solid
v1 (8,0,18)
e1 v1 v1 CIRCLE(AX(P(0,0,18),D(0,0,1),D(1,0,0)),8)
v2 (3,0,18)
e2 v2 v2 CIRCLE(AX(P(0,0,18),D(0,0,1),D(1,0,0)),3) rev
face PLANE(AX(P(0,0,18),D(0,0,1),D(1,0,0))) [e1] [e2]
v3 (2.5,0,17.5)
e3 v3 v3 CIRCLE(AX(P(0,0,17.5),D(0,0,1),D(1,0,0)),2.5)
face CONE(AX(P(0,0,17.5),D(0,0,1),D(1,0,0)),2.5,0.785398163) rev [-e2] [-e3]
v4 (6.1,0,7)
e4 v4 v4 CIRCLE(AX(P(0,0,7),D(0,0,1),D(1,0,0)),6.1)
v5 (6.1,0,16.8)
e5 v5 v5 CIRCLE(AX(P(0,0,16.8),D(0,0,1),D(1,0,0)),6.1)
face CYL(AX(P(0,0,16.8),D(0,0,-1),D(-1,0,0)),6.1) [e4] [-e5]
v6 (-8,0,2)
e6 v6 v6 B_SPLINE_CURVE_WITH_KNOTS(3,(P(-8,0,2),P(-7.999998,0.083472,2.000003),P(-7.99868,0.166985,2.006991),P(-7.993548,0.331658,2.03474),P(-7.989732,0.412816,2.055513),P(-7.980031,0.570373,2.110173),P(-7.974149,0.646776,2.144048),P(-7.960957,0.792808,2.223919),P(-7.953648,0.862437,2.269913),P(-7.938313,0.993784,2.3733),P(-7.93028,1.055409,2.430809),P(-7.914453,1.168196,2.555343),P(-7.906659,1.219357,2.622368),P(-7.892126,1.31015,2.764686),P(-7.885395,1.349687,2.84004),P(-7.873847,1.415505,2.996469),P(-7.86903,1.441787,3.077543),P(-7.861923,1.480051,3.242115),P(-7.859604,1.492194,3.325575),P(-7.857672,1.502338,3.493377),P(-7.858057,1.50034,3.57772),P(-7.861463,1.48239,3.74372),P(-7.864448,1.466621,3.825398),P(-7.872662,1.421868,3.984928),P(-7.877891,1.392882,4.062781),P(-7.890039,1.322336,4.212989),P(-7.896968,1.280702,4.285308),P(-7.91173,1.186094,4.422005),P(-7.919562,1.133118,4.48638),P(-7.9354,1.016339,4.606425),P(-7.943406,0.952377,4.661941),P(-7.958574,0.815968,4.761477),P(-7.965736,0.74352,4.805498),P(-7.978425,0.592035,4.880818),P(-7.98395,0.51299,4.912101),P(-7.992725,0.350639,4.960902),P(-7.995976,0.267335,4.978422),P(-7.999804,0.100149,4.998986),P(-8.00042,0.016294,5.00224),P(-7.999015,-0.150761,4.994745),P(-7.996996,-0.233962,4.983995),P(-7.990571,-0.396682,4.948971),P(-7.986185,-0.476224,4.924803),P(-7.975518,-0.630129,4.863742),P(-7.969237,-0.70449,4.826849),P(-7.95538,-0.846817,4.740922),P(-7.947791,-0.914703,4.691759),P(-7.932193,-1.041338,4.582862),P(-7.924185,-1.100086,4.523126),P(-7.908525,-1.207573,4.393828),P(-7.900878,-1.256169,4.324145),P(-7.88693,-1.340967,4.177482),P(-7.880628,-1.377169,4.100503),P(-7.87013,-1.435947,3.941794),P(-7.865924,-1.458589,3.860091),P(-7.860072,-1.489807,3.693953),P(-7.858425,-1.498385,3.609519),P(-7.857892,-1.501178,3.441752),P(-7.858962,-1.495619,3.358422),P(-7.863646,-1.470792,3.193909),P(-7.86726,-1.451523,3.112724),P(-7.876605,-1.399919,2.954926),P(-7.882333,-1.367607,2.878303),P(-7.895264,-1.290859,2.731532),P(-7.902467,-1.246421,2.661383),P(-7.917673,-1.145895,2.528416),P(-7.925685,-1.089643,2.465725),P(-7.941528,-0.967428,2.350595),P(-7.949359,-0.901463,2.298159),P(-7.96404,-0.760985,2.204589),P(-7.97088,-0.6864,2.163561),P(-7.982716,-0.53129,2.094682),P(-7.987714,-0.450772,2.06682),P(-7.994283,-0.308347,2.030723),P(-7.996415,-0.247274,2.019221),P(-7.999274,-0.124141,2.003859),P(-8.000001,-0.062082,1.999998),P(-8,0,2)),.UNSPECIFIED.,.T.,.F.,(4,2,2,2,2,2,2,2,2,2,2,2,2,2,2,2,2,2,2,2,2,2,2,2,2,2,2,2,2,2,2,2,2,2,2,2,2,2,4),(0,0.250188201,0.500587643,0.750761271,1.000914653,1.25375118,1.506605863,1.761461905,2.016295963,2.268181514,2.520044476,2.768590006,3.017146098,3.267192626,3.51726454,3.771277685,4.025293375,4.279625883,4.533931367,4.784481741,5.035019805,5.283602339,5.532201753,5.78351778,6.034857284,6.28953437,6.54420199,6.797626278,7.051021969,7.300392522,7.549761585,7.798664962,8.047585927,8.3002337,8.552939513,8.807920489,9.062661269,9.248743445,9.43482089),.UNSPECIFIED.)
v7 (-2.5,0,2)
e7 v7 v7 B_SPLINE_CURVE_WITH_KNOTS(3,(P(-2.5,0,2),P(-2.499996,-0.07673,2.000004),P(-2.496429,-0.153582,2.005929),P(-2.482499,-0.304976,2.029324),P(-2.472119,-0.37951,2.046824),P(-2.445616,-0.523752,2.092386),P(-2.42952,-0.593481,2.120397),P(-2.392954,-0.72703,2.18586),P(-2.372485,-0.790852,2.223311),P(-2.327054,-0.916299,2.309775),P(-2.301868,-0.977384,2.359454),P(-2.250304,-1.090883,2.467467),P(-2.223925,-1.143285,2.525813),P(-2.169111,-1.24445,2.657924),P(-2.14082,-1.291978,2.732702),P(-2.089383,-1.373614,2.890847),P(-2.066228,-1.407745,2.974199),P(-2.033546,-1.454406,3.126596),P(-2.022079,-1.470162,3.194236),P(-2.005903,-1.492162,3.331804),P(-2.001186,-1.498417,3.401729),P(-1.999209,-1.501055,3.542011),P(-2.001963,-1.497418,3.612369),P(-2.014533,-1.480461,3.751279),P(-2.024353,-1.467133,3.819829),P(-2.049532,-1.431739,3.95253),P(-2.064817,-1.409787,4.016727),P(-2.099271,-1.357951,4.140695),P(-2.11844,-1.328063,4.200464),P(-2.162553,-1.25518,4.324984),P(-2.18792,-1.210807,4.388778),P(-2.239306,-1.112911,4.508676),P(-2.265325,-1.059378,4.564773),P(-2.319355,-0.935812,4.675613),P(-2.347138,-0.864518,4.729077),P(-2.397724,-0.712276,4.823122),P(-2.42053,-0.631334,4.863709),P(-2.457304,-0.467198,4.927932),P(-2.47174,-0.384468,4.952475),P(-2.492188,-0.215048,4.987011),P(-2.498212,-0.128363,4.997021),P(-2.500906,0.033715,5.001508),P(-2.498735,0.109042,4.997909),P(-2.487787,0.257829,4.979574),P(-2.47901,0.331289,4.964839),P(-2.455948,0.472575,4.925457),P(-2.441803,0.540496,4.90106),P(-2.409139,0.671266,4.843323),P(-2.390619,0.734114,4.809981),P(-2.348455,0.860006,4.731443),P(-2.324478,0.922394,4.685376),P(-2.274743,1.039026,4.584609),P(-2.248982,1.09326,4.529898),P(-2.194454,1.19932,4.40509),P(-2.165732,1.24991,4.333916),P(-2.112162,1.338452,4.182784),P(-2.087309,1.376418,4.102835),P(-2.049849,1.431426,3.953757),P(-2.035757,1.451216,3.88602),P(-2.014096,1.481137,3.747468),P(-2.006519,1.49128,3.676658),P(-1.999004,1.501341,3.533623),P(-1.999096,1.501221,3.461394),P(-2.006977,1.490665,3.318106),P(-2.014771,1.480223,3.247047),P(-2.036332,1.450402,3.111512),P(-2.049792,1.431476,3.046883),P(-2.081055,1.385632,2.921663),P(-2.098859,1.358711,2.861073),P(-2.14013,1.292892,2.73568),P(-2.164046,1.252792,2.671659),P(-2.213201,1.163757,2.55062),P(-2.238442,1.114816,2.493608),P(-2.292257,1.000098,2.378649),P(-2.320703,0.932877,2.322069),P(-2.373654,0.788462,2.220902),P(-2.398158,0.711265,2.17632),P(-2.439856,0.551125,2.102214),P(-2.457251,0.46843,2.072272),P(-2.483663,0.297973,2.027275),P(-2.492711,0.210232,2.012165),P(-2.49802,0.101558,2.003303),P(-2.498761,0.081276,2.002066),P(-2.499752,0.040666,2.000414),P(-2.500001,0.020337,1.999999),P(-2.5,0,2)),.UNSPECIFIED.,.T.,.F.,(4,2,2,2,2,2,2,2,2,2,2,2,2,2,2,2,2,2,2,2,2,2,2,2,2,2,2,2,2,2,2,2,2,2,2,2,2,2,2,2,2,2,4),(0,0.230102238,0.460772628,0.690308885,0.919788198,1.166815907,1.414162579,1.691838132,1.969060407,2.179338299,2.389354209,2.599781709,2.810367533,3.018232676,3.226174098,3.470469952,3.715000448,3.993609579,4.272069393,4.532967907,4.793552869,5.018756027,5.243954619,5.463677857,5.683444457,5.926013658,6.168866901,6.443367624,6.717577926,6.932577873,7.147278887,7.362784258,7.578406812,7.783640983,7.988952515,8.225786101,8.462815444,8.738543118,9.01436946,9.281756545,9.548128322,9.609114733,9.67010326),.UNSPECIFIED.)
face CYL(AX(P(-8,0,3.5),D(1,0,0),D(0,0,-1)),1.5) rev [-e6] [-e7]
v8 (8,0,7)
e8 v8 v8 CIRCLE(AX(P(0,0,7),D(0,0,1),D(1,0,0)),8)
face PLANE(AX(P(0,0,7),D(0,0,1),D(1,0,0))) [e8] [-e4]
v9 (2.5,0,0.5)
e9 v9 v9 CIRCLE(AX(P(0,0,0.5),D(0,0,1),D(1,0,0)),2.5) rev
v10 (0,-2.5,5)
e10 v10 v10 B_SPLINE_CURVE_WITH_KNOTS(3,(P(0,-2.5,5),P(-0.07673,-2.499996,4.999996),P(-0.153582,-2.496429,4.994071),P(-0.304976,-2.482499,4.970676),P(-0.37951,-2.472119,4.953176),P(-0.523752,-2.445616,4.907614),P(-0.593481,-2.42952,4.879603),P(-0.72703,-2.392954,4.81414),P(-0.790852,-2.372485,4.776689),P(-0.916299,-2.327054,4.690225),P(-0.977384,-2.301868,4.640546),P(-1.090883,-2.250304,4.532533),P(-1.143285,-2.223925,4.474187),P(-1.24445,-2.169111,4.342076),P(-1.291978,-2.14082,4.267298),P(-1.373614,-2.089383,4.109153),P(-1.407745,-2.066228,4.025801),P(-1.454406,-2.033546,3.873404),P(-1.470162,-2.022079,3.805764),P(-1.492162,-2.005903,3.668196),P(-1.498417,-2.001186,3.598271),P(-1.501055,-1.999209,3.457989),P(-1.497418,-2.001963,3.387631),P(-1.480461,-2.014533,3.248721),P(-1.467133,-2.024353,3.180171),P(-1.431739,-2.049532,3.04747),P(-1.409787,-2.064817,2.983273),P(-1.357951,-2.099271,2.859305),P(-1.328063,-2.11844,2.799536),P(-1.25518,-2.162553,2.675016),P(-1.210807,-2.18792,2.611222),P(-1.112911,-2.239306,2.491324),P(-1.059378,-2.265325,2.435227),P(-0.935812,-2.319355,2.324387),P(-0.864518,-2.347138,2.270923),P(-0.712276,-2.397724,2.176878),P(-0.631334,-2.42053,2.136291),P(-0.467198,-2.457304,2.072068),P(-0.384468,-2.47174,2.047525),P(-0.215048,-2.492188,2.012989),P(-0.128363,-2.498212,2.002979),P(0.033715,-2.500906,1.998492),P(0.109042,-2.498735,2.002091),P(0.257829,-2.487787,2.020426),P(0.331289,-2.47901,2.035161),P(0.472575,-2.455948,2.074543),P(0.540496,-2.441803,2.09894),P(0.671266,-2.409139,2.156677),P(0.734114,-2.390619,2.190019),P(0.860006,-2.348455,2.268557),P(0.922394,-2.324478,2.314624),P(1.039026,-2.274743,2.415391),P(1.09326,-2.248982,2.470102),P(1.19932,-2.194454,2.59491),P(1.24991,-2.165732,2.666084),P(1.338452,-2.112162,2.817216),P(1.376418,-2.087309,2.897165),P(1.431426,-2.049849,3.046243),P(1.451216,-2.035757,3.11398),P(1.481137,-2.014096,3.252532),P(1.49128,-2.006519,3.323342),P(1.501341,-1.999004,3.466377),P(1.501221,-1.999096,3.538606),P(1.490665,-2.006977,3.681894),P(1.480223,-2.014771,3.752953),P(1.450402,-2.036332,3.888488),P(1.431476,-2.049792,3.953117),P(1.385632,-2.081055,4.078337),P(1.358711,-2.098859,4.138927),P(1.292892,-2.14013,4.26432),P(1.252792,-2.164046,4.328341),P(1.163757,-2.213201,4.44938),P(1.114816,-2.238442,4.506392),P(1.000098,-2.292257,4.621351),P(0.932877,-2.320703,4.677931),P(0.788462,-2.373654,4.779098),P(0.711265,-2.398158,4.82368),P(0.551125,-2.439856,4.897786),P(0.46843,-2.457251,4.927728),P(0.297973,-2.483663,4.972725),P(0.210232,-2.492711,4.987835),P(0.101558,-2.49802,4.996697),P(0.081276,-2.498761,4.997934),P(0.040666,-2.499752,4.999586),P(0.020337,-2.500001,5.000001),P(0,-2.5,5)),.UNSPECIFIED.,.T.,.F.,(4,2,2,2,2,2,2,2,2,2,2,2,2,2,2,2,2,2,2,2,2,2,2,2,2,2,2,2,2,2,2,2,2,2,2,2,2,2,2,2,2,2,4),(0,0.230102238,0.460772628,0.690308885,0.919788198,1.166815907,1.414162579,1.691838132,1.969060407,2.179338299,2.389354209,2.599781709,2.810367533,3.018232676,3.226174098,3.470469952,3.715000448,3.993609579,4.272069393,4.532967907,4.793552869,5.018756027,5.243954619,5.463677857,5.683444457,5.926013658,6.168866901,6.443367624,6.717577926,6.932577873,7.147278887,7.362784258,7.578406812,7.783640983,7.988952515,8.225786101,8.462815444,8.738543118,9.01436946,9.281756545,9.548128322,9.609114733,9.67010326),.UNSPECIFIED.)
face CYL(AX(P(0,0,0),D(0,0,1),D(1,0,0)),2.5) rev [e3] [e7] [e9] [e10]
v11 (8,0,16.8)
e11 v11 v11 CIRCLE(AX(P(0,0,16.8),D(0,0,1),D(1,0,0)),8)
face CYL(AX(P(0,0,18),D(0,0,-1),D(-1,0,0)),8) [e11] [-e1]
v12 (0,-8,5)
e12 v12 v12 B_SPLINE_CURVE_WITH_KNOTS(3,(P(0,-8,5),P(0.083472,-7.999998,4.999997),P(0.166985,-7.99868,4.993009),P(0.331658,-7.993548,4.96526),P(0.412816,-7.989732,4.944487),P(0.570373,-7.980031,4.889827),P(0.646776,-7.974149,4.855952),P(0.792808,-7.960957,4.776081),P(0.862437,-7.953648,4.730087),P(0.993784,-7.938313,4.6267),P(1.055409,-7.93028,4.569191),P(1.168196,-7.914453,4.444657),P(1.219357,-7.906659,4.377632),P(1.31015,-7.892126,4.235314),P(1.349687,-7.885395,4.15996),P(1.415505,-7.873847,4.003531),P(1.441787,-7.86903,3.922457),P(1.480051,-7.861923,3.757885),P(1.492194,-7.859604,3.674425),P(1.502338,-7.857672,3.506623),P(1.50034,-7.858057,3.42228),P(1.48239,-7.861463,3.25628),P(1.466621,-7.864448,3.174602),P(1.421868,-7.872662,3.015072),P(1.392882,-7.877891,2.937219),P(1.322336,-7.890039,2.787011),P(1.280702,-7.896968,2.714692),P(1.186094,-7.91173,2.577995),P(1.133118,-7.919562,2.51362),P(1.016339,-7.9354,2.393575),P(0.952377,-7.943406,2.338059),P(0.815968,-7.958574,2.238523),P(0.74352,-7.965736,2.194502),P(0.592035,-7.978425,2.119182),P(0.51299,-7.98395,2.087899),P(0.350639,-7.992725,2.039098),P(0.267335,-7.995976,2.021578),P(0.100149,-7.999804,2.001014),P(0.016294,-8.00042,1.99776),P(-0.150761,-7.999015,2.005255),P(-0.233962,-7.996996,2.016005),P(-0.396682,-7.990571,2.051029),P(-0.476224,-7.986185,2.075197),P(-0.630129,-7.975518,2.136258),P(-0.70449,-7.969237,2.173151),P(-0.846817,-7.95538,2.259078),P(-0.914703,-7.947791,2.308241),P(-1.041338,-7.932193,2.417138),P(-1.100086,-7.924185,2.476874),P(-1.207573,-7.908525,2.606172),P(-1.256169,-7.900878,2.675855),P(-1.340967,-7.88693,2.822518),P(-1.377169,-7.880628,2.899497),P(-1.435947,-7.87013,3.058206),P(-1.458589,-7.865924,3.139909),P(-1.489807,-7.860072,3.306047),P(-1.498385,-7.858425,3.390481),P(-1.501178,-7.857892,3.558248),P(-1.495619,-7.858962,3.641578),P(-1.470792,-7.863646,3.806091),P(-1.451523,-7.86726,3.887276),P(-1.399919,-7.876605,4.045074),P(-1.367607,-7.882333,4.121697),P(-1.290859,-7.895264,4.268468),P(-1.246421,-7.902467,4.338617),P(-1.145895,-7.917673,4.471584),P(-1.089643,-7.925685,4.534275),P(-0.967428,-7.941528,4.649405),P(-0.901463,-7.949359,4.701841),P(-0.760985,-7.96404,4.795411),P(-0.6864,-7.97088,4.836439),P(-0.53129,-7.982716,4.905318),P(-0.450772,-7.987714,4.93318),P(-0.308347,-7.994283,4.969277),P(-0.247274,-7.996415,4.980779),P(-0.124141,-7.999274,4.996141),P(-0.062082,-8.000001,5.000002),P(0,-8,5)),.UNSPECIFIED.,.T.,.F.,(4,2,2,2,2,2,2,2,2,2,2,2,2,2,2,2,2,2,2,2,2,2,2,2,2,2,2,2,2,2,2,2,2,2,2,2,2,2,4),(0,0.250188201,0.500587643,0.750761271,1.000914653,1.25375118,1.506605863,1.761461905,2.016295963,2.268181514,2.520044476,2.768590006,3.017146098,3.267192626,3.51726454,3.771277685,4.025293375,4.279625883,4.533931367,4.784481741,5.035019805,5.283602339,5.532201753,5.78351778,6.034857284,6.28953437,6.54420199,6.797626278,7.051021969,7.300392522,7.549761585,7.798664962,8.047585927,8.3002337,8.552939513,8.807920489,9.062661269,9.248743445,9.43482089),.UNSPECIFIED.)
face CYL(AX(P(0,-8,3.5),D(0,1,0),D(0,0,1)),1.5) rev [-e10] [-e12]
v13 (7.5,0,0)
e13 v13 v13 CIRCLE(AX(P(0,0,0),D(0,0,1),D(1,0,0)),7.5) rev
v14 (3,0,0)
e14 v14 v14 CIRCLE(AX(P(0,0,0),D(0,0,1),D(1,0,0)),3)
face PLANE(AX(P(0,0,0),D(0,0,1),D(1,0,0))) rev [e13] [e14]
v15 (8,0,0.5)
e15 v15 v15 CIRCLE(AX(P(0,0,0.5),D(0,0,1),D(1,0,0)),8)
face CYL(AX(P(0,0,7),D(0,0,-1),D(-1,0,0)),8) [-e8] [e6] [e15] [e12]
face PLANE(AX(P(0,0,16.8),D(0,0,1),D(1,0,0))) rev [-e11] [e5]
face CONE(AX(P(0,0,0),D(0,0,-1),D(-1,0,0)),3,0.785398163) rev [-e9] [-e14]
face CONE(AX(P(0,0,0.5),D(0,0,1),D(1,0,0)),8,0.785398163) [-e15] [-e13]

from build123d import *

# Parameters (mm, degrees)
CROQUIS1_R              = 8
SALIENTE_EXTRUIR1_DEPTH = 7
CROQUIS2_R              = 6.1
SALIENTE_EXTRUIR2_DEPTH = 9.8
CROQUIS3_R              = 8
SALIENTE_EXTRUIR3_DEPTH = 1.2
CROQUIS4_R              = 2.5
CORTAR_EXTRUIR1_DEPTH   = 22.260291625
CHAFL_N1_SIZE           = 0.5
CROQUIS5_R              = 1.5
CORTAR_EXTRUIR2_DEPTH   = 22.260291625
CROQUIS6_R              = 1.5
CORTAR_EXTRUIR3_DEPTH   = 22.260291701


with BuildPart() as part:
    # Croquis1 → Saliente-Extruir1 (new body)
    with BuildSketch(Plane.XY):
        Circle(CROQUIS1_R)
    extrude(amount=SALIENTE_EXTRUIR1_DEPTH)

    # Croquis2 → Saliente-Extruir2 (add)
    with BuildSketch(Plane.XY.offset(7)):
        Circle(CROQUIS2_R)
    extrude(amount=SALIENTE_EXTRUIR2_DEPTH)

    # Croquis3 → Saliente-Extruir3 (add)
    with BuildSketch(Plane.XY.offset(16.8)):
        Circle(CROQUIS3_R)
    extrude(amount=SALIENTE_EXTRUIR3_DEPTH)

    # Croquis4 → Cortar-Extruir1 (cut, through all)
    with BuildSketch(Plane.XY.offset(18)):
        Circle(CROQUIS4_R)
    extrude(amount=-CORTAR_EXTRUIR1_DEPTH, mode=Mode.SUBTRACT)

    # Chaflán1
    chafl_n1_edges = [part.edges().sort_by_distance(p)[0] for p in [
        (-2.5, 0, 0),
        (-2.5, 0, 18),
        (-8, 0, 0),
    ]]
    chamfer(chafl_n1_edges, length=CHAFL_N1_SIZE)

    # Croquis5 → Cortar-Extruir2 (cut, through all)
    with BuildSketch(Plane(origin=(0, 0, 0), x_dir=(0, 0, -1), z_dir=(1, 0, 0))):
        with Locations((-3.5, 0)):
            Circle(CROQUIS5_R)
    extrude(amount=-CORTAR_EXTRUIR2_DEPTH, mode=Mode.SUBTRACT)

    # Croquis6 → Cortar-Extruir3 (cut, through all)
    with BuildSketch(Plane(origin=(0, 0, 0), x_dir=(1, 0, 0), z_dir=(0, 1, 0))):
        with Locations(Location((0, -3.5, 0), (0, 0, 270))):
            Circle(CROQUIS6_R)
    extrude(amount=-CORTAR_EXTRUIR3_DEPTH, mode=Mode.SUBTRACT)


solid = part.part
